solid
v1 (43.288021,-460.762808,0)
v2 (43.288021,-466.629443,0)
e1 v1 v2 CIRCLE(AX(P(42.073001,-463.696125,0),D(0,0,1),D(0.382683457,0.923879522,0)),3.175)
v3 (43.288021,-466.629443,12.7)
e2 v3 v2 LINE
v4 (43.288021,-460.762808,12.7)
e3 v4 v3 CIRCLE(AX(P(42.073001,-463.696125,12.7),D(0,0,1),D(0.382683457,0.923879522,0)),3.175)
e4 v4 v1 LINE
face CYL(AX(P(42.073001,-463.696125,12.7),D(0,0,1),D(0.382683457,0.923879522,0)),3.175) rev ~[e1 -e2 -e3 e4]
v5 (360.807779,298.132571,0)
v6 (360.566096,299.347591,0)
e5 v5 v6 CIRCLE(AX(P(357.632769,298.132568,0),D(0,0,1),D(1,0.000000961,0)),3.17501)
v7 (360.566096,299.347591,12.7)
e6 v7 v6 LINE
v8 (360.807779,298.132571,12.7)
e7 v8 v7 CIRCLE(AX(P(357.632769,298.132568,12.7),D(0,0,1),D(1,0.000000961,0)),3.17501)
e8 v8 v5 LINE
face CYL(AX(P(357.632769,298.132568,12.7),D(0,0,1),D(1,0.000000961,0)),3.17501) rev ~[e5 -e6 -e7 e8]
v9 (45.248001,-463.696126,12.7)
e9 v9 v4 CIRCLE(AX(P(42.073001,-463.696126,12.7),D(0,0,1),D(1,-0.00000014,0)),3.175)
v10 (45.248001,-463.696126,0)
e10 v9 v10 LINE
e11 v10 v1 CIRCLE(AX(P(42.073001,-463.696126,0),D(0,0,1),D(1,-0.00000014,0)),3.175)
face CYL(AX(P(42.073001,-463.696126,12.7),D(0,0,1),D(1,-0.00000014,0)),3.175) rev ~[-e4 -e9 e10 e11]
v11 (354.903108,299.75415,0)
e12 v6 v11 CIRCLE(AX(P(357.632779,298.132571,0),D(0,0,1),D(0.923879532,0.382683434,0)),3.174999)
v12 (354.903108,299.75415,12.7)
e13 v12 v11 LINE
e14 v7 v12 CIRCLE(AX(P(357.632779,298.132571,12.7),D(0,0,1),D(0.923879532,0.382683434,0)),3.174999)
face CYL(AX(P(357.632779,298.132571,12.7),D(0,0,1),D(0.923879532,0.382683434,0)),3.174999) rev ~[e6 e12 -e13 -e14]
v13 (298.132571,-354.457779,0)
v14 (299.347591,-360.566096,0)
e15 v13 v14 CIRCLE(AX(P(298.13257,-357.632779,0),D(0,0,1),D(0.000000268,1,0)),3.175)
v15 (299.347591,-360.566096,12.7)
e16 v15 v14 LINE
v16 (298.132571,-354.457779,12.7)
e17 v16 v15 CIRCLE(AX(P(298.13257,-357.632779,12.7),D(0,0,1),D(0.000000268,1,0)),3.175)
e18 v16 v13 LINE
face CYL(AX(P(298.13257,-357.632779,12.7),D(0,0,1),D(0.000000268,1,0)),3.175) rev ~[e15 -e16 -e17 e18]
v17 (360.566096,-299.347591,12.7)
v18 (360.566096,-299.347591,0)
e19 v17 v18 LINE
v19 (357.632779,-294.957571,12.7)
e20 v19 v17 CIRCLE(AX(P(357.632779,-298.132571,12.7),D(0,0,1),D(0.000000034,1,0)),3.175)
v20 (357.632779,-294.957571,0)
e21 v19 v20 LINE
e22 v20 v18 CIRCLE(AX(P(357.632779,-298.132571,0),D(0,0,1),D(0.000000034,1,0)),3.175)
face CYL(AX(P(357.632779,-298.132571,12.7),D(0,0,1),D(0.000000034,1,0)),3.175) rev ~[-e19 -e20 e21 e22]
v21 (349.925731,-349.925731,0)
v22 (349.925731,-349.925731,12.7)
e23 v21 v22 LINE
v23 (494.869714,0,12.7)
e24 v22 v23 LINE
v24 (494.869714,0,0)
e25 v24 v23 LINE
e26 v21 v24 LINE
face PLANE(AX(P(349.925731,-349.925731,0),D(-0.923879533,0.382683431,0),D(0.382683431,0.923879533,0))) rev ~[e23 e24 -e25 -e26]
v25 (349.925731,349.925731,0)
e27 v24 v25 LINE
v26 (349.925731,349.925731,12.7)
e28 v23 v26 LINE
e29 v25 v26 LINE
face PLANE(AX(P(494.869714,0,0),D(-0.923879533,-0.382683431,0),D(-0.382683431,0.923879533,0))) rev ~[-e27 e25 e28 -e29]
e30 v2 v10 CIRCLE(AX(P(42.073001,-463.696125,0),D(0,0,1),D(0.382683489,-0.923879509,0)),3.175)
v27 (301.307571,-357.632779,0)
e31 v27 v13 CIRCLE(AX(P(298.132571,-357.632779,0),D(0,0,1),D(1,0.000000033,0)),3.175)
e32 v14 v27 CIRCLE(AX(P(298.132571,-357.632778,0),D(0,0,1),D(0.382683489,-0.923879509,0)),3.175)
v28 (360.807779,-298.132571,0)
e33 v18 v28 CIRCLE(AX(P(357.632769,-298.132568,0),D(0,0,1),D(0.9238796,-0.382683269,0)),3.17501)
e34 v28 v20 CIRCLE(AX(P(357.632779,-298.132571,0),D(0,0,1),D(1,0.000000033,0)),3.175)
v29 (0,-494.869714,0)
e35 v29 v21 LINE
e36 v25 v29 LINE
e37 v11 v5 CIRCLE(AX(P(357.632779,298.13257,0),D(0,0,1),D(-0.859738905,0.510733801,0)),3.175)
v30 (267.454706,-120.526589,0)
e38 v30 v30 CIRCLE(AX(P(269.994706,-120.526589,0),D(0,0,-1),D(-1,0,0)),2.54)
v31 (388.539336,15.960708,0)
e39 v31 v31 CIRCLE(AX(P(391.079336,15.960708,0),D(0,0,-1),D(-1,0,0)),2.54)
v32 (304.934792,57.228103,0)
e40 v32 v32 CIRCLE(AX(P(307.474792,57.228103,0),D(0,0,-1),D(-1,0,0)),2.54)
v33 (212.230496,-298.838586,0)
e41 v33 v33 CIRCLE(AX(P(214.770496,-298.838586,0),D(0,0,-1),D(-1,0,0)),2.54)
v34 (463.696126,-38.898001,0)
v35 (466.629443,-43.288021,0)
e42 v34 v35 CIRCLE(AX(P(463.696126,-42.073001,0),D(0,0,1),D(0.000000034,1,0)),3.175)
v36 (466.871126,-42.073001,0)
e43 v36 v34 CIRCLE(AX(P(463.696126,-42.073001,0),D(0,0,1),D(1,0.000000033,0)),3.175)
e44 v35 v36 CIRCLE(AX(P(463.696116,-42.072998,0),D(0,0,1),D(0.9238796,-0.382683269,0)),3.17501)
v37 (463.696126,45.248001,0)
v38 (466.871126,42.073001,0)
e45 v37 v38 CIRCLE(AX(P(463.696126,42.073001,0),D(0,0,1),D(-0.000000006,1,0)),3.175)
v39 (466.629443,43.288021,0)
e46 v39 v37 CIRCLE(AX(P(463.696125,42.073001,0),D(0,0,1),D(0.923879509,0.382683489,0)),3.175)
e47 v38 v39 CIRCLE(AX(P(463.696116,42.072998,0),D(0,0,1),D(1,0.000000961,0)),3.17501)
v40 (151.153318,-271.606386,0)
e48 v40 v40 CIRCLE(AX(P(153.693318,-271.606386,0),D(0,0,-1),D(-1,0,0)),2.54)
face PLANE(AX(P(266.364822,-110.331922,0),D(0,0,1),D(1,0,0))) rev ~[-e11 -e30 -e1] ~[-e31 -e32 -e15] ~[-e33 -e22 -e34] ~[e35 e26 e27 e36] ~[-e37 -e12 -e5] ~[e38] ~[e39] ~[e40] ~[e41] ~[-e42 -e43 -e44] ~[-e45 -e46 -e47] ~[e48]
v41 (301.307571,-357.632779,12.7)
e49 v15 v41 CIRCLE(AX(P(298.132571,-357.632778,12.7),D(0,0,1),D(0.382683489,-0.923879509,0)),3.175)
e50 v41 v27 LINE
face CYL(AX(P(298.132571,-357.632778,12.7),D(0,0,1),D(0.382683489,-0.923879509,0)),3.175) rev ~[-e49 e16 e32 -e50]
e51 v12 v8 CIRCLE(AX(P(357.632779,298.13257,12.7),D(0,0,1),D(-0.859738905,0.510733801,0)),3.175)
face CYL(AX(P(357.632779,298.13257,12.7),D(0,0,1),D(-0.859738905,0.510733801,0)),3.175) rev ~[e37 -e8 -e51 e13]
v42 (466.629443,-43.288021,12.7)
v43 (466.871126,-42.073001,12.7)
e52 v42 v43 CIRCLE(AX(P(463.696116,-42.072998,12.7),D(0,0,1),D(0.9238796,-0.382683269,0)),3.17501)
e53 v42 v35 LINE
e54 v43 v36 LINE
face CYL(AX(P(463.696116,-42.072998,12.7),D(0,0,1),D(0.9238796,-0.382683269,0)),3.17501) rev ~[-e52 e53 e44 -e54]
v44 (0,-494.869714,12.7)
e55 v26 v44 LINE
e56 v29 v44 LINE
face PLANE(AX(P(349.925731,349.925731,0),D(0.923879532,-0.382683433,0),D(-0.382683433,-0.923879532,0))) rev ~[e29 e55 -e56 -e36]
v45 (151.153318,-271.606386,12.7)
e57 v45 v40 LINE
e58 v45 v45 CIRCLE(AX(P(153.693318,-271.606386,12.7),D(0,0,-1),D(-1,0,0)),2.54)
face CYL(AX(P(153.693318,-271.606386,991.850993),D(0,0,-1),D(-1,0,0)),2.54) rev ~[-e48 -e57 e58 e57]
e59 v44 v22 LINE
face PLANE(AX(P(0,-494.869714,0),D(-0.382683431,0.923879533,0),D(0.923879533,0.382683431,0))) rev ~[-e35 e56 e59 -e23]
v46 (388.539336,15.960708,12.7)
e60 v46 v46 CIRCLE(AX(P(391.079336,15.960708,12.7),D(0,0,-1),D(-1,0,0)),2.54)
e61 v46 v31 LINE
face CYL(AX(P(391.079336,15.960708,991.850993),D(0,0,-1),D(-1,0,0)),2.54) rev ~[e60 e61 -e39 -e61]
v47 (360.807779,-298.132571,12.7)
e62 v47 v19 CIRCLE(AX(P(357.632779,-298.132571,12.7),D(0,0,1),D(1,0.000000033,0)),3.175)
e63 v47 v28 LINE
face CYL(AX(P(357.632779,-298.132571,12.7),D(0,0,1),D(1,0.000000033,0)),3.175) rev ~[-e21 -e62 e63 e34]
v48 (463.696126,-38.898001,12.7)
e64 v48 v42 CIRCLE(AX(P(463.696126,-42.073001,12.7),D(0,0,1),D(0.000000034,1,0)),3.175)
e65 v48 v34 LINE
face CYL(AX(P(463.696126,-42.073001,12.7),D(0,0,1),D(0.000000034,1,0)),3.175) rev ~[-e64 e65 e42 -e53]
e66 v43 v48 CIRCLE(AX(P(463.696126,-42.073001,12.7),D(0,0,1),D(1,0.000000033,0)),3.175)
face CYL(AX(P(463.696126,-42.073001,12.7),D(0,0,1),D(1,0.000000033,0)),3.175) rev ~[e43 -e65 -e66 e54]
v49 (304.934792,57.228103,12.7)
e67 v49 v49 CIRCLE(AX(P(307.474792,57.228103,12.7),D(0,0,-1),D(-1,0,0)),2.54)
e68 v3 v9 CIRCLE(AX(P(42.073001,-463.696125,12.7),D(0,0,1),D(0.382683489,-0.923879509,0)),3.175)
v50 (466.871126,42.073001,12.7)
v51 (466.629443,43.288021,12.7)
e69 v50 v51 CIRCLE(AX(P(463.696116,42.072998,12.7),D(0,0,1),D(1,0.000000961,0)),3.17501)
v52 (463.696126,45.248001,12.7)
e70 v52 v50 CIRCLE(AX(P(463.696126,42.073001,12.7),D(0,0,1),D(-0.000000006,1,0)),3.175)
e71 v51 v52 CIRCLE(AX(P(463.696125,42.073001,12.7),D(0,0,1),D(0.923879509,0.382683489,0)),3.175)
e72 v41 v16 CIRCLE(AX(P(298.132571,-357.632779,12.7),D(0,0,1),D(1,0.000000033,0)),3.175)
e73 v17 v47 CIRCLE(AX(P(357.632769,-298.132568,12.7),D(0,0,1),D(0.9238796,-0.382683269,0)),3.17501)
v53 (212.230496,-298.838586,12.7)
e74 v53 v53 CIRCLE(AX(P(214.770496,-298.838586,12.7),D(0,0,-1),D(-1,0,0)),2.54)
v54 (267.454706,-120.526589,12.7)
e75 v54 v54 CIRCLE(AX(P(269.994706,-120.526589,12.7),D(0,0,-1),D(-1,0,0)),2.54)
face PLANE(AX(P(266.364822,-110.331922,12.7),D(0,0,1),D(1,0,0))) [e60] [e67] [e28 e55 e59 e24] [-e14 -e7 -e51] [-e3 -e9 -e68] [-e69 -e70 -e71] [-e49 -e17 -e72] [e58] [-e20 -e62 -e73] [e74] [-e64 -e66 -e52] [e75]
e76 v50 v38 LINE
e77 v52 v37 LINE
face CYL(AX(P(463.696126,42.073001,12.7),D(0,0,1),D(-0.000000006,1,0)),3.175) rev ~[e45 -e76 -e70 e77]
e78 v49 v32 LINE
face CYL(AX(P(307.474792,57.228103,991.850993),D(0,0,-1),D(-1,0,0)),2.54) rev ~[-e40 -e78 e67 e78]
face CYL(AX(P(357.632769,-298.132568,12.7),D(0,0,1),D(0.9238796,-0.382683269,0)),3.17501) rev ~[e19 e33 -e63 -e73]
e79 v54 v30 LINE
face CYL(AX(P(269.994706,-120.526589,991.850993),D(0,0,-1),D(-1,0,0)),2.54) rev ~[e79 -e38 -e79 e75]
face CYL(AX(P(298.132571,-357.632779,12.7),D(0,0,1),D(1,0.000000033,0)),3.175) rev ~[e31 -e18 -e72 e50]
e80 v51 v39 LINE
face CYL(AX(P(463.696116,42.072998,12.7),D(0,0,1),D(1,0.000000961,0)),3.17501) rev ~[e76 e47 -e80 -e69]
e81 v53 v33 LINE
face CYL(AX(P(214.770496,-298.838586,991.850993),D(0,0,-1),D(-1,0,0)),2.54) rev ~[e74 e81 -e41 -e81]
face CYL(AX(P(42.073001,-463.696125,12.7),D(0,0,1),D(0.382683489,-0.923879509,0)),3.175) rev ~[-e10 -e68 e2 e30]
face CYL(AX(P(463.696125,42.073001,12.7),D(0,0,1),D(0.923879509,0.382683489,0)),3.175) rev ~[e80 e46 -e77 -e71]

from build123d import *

# Parameters (mm, degrees)
F1_DEPTH = 12.7
F3_DEPTH = 12.701
F5_D     = 5.08


with BuildPart() as f1:
    # F0 (on Top) → F1 (new body)
    with BuildSketch(Plane.XY):
        Polygon((349.925731, -349.925731), (494.869714, 0), (349.925731, 349.925731), (0, -494.869714), align=None)
    extrude(amount=F1_DEPTH)

    # F2 (on face) → F3 (cut, through all)
    with BuildSketch(Plane.XY.offset(12.7)):
        with BuildLine():
            Line((357.632779, 298.132571), (354.903108, 299.75415))
            ThreePointArc((354.903108, 299.75415), (356.79197, 295.070926), (360.807779, 298.132571))
            ThreePointArc((360.807779, 298.132571), (360.746772, 298.751982), (360.566096, 299.347591))
            Line((360.566096, 299.347591), (357.632779, 298.132571))
        make_face()
        with BuildLine():
            ThreePointArc((360.566096, 299.347591), (357.860135, 301.29942), (354.903108, 299.75415))
            Line((354.903108, 299.75415), (357.632779, 298.132571))
            Line((357.632779, 298.132571), (360.566096, 299.347591))
        make_face()
        with BuildLine():
            Line((463.696126, 42.073001), (463.696126, 45.248001))
            ThreePointArc((463.696126, 45.248001), (461.451062, 39.827937), (466.871126, 42.073001))
            ThreePointArc((466.871126, 42.073001), (466.810119, 42.692412), (466.629443, 43.288021))
            Line((466.629443, 43.288021), (463.696126, 42.073001))
        make_face()
        with BuildLine():
            ThreePointArc((466.629443, 43.288021), (465.460061, 44.712917), (463.696126, 45.248001))
            Line((463.696126, 45.248001), (463.696126, 42.073001))
            Line((463.696126, 42.073001), (466.629443, 43.288021))
        make_face()
        with BuildLine():
            ThreePointArc((466.629443, -43.288021), (466.810119, -42.692412), (466.871126, -42.073001))
            ThreePointArc((466.871126, -42.073001), (465.94119, -39.827937), (463.696126, -38.898001))
            Line((463.696126, -38.898001), (463.696126, -42.073001))
            Line((463.696126, -42.073001), (466.629443, -43.288021))
        make_face()
        with BuildLine():
            Line((463.696126, -42.073001), (463.696126, -38.898001))
            ThreePointArc((463.696126, -38.898001), (461.05621, -43.836936), (466.629443, -43.288021))
            Line((466.629443, -43.288021), (463.696126, -42.073001))
        make_face()
        with BuildLine():
            ThreePointArc((360.566096, -299.347591), (360.746772, -298.751982), (360.807779, -298.132571))
            ThreePointArc((360.807779, -298.132571), (359.877843, -295.887507), (357.632779, -294.957571))
            Line((357.632779, -294.957571), (357.632779, -298.132571))
            Line((357.632779, -298.132571), (360.566096, -299.347591))
        make_face()
        with BuildLine():
            Line((357.632779, -298.132571), (357.632779, -294.957571))
            ThreePointArc((357.632779, -294.957571), (354.992863, -299.896506), (360.566096, -299.347591))
            Line((360.566096, -299.347591), (357.632779, -298.132571))
        make_face()
        with BuildLine():
            ThreePointArc((299.347591, -360.566096), (300.772487, -359.396714), (301.307571, -357.632779))
            ThreePointArc((301.307571, -357.632779), (300.377635, -355.387715), (298.132571, -354.457779))
            Line((298.132571, -354.457779), (298.132571, -357.632779))
            Line((298.132571, -357.632779), (299.347591, -360.566096))
        make_face()
        with BuildLine():
            Line((298.132571, -357.632779), (298.132571, -354.457779))
            ThreePointArc((298.132571, -354.457779), (295.018577, -358.252191), (299.347591, -360.566096))
            Line((299.347591, -360.566096), (298.132571, -357.632779))
        make_face()
        with BuildLine():
            ThreePointArc((43.288021, -466.629443), (44.712917, -465.460061), (45.248001, -463.696126))
            ThreePointArc((45.248001, -463.696126), (44.712917, -461.93219), (43.288021, -460.762808))
            Line((43.288021, -460.762808), (42.073001, -463.696126))
            Line((42.073001, -463.696126), (43.288021, -466.629443))
        make_face()
        with BuildLine():
            Line((42.073001, -463.696126), (43.288021, -460.762808))
            ThreePointArc((43.288021, -460.762808), (38.898001, -463.696126), (43.288021, -466.629443))
            Line((43.288021, -466.629443), (42.073001, -463.696126))
        make_face()
    extrude(amount=-F3_DEPTH, mode=Mode.SUBTRACT)

    # F5 (through all)
    with Locations(Plane.XY.offset(12.7)):
        with Locations((307.474792, 57.228103), (269.994706, -120.526589), (391.079336, 15.960708), (214.770496, -298.838586), (153.693318, -271.606386)):
            Hole(F5_D / 2)


solid = f1.part
